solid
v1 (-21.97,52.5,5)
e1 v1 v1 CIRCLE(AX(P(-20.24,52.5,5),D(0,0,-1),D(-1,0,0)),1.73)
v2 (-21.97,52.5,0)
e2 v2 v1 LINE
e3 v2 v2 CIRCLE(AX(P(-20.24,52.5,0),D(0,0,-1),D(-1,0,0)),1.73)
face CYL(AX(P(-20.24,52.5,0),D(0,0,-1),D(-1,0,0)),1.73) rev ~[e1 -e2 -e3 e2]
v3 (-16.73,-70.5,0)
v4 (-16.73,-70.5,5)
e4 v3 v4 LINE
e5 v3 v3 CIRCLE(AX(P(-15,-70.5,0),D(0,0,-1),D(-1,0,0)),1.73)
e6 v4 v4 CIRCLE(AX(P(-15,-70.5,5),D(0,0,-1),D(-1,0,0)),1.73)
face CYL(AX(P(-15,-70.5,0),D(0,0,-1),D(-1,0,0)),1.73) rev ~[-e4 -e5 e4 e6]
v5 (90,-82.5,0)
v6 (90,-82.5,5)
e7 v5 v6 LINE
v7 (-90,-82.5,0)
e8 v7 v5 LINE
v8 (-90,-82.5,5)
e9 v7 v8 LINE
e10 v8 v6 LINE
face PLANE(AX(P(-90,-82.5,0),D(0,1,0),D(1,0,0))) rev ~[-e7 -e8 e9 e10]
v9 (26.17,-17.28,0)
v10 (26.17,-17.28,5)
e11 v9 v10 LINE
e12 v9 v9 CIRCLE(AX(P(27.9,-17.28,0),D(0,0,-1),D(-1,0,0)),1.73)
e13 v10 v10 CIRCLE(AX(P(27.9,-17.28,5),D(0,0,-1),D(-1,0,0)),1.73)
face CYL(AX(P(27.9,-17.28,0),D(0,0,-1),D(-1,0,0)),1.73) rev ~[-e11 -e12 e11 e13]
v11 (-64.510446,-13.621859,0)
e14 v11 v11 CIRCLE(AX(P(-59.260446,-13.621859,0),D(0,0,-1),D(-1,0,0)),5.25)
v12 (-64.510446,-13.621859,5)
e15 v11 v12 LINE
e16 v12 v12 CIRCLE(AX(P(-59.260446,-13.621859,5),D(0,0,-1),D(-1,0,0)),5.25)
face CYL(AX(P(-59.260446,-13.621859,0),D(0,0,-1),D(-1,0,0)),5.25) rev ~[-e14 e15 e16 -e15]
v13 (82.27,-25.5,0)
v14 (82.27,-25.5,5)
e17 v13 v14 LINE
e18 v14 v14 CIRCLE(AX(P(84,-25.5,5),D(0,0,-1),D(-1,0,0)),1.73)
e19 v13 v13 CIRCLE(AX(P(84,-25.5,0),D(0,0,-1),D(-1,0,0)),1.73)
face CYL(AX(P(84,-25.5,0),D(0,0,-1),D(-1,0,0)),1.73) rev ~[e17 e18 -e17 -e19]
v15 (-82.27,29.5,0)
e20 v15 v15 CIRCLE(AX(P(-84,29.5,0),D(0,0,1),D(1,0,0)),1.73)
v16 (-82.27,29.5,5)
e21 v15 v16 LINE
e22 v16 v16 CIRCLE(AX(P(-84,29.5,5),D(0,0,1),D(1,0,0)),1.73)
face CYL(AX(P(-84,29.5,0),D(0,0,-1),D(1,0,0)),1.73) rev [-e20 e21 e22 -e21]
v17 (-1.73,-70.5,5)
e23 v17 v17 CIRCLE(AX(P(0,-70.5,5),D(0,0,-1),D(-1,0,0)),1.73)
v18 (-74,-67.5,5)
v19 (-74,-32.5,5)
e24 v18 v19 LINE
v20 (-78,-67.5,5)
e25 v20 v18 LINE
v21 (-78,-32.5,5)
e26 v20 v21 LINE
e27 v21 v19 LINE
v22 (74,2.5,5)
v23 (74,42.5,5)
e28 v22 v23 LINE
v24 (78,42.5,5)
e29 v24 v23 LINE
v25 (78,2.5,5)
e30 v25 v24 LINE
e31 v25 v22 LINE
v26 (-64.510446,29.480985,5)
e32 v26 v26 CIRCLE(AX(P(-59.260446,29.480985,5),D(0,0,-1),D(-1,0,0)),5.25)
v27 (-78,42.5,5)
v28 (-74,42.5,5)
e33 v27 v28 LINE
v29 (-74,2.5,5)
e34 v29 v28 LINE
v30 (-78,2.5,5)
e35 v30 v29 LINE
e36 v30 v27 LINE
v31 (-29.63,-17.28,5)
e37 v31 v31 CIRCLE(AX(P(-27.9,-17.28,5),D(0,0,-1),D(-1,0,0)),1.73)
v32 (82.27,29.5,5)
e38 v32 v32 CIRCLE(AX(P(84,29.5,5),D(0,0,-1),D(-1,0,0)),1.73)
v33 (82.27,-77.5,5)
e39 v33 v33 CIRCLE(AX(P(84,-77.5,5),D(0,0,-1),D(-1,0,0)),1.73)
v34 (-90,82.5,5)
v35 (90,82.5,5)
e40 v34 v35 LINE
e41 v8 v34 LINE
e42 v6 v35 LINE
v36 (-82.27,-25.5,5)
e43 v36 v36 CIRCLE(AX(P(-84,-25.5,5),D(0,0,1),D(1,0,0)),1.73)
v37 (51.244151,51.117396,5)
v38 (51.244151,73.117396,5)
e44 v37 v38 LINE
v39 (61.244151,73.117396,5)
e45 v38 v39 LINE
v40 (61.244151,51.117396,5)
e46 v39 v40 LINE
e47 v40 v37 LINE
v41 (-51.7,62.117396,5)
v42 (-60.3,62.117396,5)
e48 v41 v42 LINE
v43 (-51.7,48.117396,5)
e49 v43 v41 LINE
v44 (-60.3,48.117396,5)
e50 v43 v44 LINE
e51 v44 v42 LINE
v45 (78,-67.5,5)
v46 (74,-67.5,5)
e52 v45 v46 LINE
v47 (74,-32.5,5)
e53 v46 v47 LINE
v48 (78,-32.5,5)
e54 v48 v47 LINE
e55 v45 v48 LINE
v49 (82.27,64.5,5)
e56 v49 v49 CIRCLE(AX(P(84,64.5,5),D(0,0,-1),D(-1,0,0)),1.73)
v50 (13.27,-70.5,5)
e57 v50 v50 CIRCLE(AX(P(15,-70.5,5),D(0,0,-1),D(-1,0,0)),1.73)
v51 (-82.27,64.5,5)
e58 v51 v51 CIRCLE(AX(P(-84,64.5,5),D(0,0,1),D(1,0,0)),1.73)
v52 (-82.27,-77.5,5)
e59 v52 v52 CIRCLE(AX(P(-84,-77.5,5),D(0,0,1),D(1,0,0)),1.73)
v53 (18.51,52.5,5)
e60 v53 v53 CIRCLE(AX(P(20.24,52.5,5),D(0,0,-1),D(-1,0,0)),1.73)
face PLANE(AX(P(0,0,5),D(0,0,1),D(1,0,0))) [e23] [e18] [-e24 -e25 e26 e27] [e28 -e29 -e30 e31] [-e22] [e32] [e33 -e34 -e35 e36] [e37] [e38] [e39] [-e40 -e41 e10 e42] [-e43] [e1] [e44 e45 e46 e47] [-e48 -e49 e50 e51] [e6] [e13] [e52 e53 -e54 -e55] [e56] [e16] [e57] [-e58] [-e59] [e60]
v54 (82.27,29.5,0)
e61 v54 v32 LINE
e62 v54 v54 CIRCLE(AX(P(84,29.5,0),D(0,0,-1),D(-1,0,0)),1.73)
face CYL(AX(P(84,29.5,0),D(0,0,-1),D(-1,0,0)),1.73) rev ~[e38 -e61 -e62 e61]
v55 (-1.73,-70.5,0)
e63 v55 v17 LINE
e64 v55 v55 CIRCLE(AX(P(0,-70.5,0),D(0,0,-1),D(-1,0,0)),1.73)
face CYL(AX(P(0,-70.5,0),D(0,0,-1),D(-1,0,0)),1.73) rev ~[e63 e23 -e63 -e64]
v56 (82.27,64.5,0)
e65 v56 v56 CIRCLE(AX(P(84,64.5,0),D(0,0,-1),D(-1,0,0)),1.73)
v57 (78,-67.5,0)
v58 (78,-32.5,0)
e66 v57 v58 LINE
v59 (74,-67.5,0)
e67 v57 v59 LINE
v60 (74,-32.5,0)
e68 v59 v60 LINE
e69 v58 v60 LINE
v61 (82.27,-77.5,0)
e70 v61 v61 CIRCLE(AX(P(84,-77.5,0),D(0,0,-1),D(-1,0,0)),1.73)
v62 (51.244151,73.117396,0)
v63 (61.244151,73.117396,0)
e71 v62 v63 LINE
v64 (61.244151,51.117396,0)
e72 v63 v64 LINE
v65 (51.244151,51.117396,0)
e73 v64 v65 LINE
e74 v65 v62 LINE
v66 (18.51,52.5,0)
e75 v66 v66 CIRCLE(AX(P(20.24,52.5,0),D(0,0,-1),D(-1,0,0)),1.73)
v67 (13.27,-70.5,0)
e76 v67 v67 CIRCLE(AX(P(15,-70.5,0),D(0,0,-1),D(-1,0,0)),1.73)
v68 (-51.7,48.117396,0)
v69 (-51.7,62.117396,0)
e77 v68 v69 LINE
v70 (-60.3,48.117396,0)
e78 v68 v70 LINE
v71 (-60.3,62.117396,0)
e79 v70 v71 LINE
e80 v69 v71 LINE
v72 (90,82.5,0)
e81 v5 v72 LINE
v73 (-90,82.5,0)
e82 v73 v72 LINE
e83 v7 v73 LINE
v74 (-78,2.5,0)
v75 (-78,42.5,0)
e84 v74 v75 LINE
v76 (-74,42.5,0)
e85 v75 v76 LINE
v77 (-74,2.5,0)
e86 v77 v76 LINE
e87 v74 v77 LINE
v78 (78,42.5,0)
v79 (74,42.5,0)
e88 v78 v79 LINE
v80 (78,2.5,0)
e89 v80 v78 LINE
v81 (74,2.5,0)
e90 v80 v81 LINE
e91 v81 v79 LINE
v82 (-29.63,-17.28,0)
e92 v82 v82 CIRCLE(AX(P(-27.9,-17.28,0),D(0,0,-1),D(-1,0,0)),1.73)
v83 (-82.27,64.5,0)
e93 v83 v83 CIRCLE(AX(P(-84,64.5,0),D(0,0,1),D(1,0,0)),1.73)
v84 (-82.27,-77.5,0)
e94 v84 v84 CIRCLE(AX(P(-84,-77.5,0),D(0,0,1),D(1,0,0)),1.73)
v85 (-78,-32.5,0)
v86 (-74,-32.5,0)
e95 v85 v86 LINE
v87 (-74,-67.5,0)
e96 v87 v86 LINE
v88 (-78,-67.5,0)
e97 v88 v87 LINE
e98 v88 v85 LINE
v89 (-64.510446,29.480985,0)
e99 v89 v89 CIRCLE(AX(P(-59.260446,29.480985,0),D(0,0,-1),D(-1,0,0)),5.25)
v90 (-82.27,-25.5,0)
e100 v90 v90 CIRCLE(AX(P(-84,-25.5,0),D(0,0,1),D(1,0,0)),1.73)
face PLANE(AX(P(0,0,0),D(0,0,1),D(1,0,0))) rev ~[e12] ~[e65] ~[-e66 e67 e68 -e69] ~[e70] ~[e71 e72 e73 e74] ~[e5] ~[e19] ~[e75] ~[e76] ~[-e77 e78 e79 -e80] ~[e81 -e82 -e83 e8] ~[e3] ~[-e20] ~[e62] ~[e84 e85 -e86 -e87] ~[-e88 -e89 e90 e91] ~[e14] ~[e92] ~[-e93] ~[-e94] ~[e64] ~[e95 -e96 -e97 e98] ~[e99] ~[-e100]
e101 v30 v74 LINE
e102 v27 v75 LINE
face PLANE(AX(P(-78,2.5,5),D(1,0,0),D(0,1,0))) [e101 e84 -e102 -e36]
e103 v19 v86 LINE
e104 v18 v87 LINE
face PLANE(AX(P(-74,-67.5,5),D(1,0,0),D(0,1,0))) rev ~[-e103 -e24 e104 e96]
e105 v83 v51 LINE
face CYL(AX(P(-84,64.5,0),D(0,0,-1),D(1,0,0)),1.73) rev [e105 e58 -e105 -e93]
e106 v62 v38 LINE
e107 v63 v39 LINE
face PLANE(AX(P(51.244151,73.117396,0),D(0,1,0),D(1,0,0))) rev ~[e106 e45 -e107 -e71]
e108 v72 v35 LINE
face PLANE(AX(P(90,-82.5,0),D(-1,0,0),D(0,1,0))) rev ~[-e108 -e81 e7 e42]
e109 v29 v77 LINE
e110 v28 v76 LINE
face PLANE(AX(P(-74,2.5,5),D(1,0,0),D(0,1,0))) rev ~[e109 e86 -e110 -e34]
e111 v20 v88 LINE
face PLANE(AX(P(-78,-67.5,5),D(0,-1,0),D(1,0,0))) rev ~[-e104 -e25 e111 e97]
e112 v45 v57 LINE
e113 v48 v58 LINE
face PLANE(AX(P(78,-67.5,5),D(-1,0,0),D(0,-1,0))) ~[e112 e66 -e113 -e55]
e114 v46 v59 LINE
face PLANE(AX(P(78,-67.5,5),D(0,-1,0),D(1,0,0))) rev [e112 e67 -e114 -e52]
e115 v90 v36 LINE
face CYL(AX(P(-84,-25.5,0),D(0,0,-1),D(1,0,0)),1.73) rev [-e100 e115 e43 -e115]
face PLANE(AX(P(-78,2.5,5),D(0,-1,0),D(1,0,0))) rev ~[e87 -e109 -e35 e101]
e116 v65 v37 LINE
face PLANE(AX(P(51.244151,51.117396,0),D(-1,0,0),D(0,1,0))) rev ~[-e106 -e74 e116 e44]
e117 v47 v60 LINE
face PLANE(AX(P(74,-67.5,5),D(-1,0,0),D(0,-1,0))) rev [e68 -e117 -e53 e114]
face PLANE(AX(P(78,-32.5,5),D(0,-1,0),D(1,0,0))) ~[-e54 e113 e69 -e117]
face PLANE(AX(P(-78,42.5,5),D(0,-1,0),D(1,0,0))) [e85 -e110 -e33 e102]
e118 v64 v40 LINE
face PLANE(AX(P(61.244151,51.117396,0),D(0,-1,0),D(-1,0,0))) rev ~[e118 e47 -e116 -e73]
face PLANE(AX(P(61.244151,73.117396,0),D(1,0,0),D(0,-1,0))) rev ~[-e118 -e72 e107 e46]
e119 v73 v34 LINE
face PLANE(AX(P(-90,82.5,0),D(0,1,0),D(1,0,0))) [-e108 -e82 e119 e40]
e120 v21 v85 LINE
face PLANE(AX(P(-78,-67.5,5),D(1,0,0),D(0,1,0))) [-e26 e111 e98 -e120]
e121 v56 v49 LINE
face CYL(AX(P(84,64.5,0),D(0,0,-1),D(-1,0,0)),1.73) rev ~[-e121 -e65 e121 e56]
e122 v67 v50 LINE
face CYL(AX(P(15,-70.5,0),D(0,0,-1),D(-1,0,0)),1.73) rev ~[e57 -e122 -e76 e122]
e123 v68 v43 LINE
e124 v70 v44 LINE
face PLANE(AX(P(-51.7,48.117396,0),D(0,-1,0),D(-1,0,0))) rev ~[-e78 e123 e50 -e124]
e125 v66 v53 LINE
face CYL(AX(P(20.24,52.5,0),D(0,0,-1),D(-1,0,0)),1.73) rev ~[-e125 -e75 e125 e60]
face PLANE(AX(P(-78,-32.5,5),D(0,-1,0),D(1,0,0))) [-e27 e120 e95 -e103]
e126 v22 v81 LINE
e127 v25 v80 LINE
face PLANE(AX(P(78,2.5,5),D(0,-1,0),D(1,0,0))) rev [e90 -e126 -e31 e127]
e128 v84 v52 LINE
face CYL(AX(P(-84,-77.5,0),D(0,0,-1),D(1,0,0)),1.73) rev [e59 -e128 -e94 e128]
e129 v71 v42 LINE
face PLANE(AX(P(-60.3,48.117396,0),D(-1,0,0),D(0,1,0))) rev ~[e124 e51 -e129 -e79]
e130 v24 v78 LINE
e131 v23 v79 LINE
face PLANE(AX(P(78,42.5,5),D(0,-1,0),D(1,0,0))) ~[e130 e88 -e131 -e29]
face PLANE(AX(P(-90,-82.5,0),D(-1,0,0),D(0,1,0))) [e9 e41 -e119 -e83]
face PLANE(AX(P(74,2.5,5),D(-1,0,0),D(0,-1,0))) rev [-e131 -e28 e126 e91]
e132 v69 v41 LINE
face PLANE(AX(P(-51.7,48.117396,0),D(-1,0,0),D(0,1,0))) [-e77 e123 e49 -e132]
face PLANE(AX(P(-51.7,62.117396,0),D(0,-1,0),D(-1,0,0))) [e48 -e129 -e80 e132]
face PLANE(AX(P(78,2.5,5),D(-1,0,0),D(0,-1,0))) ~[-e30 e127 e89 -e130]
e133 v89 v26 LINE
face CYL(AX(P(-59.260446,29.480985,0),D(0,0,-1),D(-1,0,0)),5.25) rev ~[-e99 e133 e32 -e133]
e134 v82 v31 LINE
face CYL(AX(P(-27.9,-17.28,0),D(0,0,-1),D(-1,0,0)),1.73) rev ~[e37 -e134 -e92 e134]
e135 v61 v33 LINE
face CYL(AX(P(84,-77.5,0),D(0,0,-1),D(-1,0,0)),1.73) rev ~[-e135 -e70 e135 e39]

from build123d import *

# Parameters (mm, degrees)
SKETCH1_W           = 180
SKETCH1_H           = 165
BOSS_EXTRUDE1_DEPTH = 5
SKETCH2_W           = 4
SKETCH2_H           = 40
CUT_EXTRUDE1_DEPTH  = 5
SKETCH2_3_W         = 4
SKETCH2_3_H         = 35
CUT_EXTRUDE2_DEPTH  = 5
SKETCH3_R           = 1.73
CUT_EXTRUDE3_DEPTH  = 5
SKETCH4_R           = 1.73
CUT_EXTRUDE4_DEPTH  = 5
CUT_EXTRUDE6_DEPTH  = 5
SKETCH5_4_R         = 5.25
SKETCH5_4_W         = 8.6
SKETCH5_4_H         = 14
CUT_EXTRUDE7_DEPTH  = 5
SKETCH6_R           = 1.73
CUT_EXTRUDE8_DEPTH  = 5


with BuildPart() as part:
    # Sketch1 → Boss-Extrude1 (new body)
    with BuildSketch(Plane.XY):
        Rectangle(SKETCH1_W, SKETCH1_H)
    extrude(amount=BOSS_EXTRUDE1_DEPTH)

    # Sketch2 → Cut-Extrude1 (cut)
    with BuildSketch(Plane.XY.offset(5)):
        with Locations((-76, 22.5)):
            Rectangle(SKETCH2_W, SKETCH2_H)
    cut_extrude1 = extrude(amount=-CUT_EXTRUDE1_DEPTH, mode=Mode.SUBTRACT)

    # Sketch2<3> → Cut-Extrude2 (cut)
    with BuildSketch(Plane.XY.offset(5)):
        with Locations((-76, -50)):
            Rectangle(SKETCH2_3_W, SKETCH2_3_H)
    cut_extrude2 = extrude(amount=-CUT_EXTRUDE2_DEPTH, mode=Mode.SUBTRACT)

    # Mirror1: Cut-Extrude1, Cut-Extrude2 across plane
    add(cut_extrude1.mirror(Plane(origin=(0, 0, 0), x_dir=(0, 0, 1), z_dir=(1, 0, 0))), mode=Mode.SUBTRACT)
    add(cut_extrude2.mirror(Plane(origin=(0, 0, 0), x_dir=(0, 0, 1), z_dir=(1, 0, 0))), mode=Mode.SUBTRACT)

    # Sketch3 → Cut-Extrude3 (cut)
    with BuildSketch(Plane(origin=(0, 0, 0), x_dir=(-1, 0, 0), z_dir=(0, 0, -1))):
        with Locations((-84, -77.5)):
            Circle(SKETCH3_R)
        with Locations((-84, -25.5)):
            Circle(SKETCH3_R)
        with Locations((-84, 29.5)):
            Circle(SKETCH3_R)
        with Locations((-84, 64.5)):
            Circle(SKETCH3_R)
    cut_extrude3 = extrude(amount=-CUT_EXTRUDE3_DEPTH, mode=Mode.SUBTRACT)

    # Mirror2: Cut-Extrude3 across plane
    add(cut_extrude3.mirror(Plane(origin=(0, 0, 0), x_dir=(0, 0, 1), z_dir=(1, 0, 0))), mode=Mode.SUBTRACT)

    # Sketch4 → Cut-Extrude4 (cut)
    with BuildSketch(Plane(origin=(0, 0, 0), x_dir=(-1, 0, 0), z_dir=(0, 0, -1))):
        with Locations((-20.24, 52.5)):
            Circle(SKETCH4_R)
        with Locations((20.24, 52.5)):
            Circle(SKETCH4_R)
        with Locations((-27.9, -17.28)):
            Circle(SKETCH4_R)
        with Locations((27.9, -17.28)):
            Circle(SKETCH4_R)
    extrude(amount=-CUT_EXTRUDE4_DEPTH, mode=Mode.SUBTRACT)

    # Sketch5 → Cut-Extrude6 (cut)
    with BuildSketch(Plane(origin=(0, 0, 0), x_dir=(-1, 0, 0), z_dir=(0, 0, -1))):
        Polygon((-56.244150745, 73.117395969), (-61.244150745, 73.117395969), (-61.244150745, 51.117395969), (-51.244150745, 51.117395969), (-51.244150745, 73.117395969), align=None)
    extrude(amount=-CUT_EXTRUDE6_DEPTH, mode=Mode.SUBTRACT)

    # Sketch5<4> → Cut-Extrude7 (cut)
    with BuildSketch(Plane(origin=(0, 0, 0), x_dir=(-1, 0, 0), z_dir=(0, 0, -1))):
        with Locations((59.260446157, 29.480985143)):
            Circle(SKETCH5_4_R)
        with Locations((59.260446157, -13.621859261)):
            Circle(SKETCH5_4_R)
        with Locations((56, 55.117395969)):
            Rectangle(SKETCH5_4_W, SKETCH5_4_H)
    extrude(amount=-CUT_EXTRUDE7_DEPTH, mode=Mode.SUBTRACT)

    # Sketch6 → Cut-Extrude8 (cut)
    with BuildSketch(Plane(origin=(0, 0, 0), x_dir=(-1, 0, 0), z_dir=(0, 0, -1))):
        with Locations((0, -70.5)):
            Circle(SKETCH6_R)
        with Locations((-15, -70.5)):
            Circle(SKETCH6_R)
        with Locations((15, -70.5)):
            Circle(SKETCH6_R)
    extrude(amount=-CUT_EXTRUDE8_DEPTH, mode=Mode.SUBTRACT)


solid = part.part
